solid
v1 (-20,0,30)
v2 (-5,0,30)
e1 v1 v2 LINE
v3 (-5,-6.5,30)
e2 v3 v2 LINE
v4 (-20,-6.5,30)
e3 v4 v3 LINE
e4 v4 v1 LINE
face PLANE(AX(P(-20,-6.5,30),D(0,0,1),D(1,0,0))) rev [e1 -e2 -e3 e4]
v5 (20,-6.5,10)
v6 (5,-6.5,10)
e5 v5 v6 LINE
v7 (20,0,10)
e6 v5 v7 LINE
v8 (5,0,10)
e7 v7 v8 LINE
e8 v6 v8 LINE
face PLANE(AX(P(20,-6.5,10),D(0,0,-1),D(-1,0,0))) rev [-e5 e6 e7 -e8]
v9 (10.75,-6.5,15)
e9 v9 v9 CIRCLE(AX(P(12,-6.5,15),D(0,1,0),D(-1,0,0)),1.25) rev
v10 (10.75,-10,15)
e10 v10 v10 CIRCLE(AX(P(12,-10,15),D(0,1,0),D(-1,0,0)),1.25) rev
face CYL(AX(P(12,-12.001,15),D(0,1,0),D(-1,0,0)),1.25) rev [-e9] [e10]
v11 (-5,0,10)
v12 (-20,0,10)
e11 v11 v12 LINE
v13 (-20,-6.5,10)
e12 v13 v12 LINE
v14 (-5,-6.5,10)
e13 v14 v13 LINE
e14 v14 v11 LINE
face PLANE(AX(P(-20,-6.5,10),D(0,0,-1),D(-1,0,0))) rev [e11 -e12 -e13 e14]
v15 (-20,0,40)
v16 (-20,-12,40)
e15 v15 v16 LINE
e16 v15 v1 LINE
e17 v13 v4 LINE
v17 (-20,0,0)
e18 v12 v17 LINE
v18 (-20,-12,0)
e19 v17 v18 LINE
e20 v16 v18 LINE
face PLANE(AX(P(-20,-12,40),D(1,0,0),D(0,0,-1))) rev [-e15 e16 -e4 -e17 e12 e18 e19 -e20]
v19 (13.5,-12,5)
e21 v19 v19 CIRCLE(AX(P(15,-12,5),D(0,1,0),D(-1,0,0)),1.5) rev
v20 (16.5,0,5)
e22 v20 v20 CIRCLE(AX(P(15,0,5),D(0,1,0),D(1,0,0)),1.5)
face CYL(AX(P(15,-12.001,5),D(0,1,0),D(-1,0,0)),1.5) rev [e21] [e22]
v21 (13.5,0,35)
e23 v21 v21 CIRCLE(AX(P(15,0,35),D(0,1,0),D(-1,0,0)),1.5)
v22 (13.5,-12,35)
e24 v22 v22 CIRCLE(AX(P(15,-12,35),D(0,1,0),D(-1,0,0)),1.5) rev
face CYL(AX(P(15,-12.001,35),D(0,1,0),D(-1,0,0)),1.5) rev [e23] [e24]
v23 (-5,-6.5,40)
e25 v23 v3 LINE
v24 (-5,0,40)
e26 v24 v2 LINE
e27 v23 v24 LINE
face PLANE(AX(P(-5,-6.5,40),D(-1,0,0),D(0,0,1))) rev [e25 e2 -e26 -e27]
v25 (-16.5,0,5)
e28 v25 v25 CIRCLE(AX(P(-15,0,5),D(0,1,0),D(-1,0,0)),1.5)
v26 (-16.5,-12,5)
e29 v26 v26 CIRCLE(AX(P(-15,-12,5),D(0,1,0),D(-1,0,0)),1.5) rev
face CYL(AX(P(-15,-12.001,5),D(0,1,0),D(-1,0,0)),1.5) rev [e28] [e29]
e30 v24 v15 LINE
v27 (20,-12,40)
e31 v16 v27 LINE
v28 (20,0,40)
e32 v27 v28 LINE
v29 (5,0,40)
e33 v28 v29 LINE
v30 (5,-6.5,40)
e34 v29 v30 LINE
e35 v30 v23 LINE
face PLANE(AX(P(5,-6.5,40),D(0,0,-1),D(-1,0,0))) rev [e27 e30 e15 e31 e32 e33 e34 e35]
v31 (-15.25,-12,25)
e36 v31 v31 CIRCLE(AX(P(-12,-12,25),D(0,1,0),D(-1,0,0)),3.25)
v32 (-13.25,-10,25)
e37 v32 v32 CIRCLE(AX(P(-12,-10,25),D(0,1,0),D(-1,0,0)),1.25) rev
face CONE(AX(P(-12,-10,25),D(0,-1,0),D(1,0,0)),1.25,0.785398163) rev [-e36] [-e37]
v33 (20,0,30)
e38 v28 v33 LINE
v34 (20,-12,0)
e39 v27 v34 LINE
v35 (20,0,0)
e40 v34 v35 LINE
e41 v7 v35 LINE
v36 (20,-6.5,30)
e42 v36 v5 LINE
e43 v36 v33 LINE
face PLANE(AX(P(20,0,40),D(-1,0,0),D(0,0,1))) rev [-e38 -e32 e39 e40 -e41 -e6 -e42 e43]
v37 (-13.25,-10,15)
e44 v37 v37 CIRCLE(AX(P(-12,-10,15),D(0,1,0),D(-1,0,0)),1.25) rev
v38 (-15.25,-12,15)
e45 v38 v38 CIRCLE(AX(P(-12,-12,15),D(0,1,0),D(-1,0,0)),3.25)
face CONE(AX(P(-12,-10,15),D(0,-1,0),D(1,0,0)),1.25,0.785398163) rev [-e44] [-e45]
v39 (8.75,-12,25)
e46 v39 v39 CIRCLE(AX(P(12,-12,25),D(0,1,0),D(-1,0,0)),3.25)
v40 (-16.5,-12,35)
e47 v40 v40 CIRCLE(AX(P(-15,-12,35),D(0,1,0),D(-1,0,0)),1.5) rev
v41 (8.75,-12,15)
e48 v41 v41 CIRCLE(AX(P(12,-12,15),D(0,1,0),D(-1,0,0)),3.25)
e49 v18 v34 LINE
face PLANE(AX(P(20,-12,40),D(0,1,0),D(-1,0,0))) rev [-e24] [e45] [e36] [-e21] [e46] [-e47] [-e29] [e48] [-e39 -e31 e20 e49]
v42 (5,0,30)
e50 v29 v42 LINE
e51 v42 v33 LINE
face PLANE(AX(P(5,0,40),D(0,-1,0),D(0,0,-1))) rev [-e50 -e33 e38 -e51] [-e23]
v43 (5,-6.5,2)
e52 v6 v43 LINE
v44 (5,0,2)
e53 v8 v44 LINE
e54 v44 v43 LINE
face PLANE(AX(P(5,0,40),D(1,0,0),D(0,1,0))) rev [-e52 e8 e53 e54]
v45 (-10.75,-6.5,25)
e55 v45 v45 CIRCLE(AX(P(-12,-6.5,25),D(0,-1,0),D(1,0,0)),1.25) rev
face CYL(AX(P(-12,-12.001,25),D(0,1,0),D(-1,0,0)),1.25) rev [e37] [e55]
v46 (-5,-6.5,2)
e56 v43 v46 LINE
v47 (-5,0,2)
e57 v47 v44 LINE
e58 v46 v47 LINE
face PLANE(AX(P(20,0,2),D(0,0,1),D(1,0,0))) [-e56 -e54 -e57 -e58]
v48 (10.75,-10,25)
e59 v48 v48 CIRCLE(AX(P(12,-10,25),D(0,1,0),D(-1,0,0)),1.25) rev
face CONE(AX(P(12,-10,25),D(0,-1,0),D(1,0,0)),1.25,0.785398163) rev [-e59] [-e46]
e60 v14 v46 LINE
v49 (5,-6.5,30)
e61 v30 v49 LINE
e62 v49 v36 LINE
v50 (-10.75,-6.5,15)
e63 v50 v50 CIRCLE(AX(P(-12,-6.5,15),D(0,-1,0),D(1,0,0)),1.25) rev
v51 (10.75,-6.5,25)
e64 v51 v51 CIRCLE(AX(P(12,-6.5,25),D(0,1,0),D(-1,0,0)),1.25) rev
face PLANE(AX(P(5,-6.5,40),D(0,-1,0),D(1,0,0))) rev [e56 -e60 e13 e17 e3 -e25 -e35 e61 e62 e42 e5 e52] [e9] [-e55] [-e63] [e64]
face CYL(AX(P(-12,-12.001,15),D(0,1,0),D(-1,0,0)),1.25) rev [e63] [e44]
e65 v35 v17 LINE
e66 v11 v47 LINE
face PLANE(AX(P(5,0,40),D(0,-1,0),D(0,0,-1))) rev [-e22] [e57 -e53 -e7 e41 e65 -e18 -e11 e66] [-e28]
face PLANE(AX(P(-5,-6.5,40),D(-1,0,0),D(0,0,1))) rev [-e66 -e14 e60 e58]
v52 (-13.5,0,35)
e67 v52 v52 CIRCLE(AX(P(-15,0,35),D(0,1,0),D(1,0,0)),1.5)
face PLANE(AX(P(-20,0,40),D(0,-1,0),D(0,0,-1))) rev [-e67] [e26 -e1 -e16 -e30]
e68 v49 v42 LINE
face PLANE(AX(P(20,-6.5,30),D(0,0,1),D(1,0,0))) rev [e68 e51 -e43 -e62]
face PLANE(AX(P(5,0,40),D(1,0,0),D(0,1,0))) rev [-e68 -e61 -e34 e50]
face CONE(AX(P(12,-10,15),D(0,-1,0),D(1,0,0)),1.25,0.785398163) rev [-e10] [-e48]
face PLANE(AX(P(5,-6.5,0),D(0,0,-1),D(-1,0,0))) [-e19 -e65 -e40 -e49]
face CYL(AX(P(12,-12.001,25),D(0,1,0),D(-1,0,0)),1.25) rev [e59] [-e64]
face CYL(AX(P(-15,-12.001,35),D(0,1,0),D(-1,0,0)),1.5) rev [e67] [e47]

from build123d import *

# Parameters (mm, degrees)
BOSS_EXTRU_1_DEPTH      = 40
ENL_V_MAT_EXTRU_1_REACH = 14
ESQUISSE2_R             = 1.5
ESQUISSE2_R_2           = 1.25
ESQUISSE3_W             = 15
ESQUISSE3_H             = 20
ENL_V_MAT_EXTRU_2_DEPTH = 6.5
ESQUISSE4_W             = 40
ESQUISSE4_H             = 12
BOSS_EXTRU_2_DEPTH      = 2
CHANFREIN1_SIZE         = 2


with BuildPart() as part:
    # Esquisse1 → Boss.-Extru.1 (new body)
    with BuildSketch(Plane.XY):
        Polygon((5, 0), (20, 0), (20, -12), (-20, -12), (-20, 0), (-5, 0), (-5, -6.5), (5, -6.5), align=None)
    extrude(amount=BOSS_EXTRU_1_DEPTH)

    # Esquisse2 → Enlèv. mat.-Extru.1 (cut, up to next)
    with BuildSketch(Plane(origin=(0, 0, 0), x_dir=(1, 0, 0), z_dir=(0, 1, 0)), mode=Mode.PRIVATE) as enl_v_mat_extru_1_sk1:
        with Locations((-15, -5)):
            Circle(ESQUISSE2_R)
    enl_v_mat_extru_1_tool1 = extrude(enl_v_mat_extru_1_sk1.sketch, amount=-ENL_V_MAT_EXTRU_1_REACH, mode=Mode.PRIVATE) & part.part
    add(enl_v_mat_extru_1_tool1.solids().sort_by_distance((-15, 0, 5))[0], mode=Mode.SUBTRACT)
    # Esquisse2 → Enlèv. mat.-Extru.1 (cut, up to next)
    with BuildSketch(Plane(origin=(0, 0, 0), x_dir=(1, 0, 0), z_dir=(0, 1, 0)), mode=Mode.PRIVATE) as enl_v_mat_extru_1_sk2:
        with Locations((-15, -35)):
            Circle(ESQUISSE2_R)
    enl_v_mat_extru_1_tool2 = extrude(enl_v_mat_extru_1_sk2.sketch, amount=-ENL_V_MAT_EXTRU_1_REACH, mode=Mode.PRIVATE) & part.part
    add(enl_v_mat_extru_1_tool2.solids().sort_by_distance((-15, 0, 35))[0], mode=Mode.SUBTRACT)
    # Esquisse2 → Enlèv. mat.-Extru.1 (cut, up to next)
    with BuildSketch(Plane(origin=(0, 0, 0), x_dir=(1, 0, 0), z_dir=(0, 1, 0)), mode=Mode.PRIVATE) as enl_v_mat_extru_1_sk3:
        with Locations((15, -35)):
            Circle(ESQUISSE2_R)
    enl_v_mat_extru_1_tool3 = extrude(enl_v_mat_extru_1_sk3.sketch, amount=-ENL_V_MAT_EXTRU_1_REACH, mode=Mode.PRIVATE) & part.part
    add(enl_v_mat_extru_1_tool3.solids().sort_by_distance((15, 0, 35))[0], mode=Mode.SUBTRACT)
    # Esquisse2 → Enlèv. mat.-Extru.1 (cut, up to next)
    with BuildSketch(Plane(origin=(0, 0, 0), x_dir=(1, 0, 0), z_dir=(0, 1, 0)), mode=Mode.PRIVATE) as enl_v_mat_extru_1_sk4:
        with Locations((15, -5)):
            Circle(ESQUISSE2_R)
    enl_v_mat_extru_1_tool4 = extrude(enl_v_mat_extru_1_sk4.sketch, amount=-ENL_V_MAT_EXTRU_1_REACH, mode=Mode.PRIVATE) & part.part
    add(enl_v_mat_extru_1_tool4.solids().sort_by_distance((15, 0, 5))[0], mode=Mode.SUBTRACT)
    # Esquisse2 → Enlèv. mat.-Extru.1 (cut, up to next)
    with BuildSketch(Plane(origin=(0, 0, 0), x_dir=(1, 0, 0), z_dir=(0, 1, 0)), mode=Mode.PRIVATE) as enl_v_mat_extru_1_sk5:
        with Locations((-12, -25)):
            Circle(ESQUISSE2_R_2)
    enl_v_mat_extru_1_tool5 = extrude(enl_v_mat_extru_1_sk5.sketch, amount=-ENL_V_MAT_EXTRU_1_REACH, mode=Mode.PRIVATE) & part.part
    add(enl_v_mat_extru_1_tool5.solids().sort_by_distance((-12, 0, 25))[0], mode=Mode.SUBTRACT)
    # Esquisse2 → Enlèv. mat.-Extru.1 (cut, up to next)
    with BuildSketch(Plane(origin=(0, 0, 0), x_dir=(1, 0, 0), z_dir=(0, 1, 0)), mode=Mode.PRIVATE) as enl_v_mat_extru_1_sk6:
        with Locations((-12, -15)):
            Circle(ESQUISSE2_R_2)
    enl_v_mat_extru_1_tool6 = extrude(enl_v_mat_extru_1_sk6.sketch, amount=-ENL_V_MAT_EXTRU_1_REACH, mode=Mode.PRIVATE) & part.part
    add(enl_v_mat_extru_1_tool6.solids().sort_by_distance((-12, 0, 15))[0], mode=Mode.SUBTRACT)
    # Esquisse2 → Enlèv. mat.-Extru.1 (cut, up to next)
    with BuildSketch(Plane(origin=(0, 0, 0), x_dir=(1, 0, 0), z_dir=(0, 1, 0)), mode=Mode.PRIVATE) as enl_v_mat_extru_1_sk7:
        with Locations((12, -25)):
            Circle(ESQUISSE2_R_2)
    enl_v_mat_extru_1_tool7 = extrude(enl_v_mat_extru_1_sk7.sketch, amount=-ENL_V_MAT_EXTRU_1_REACH, mode=Mode.PRIVATE) & part.part
    add(enl_v_mat_extru_1_tool7.solids().sort_by_distance((12, 0, 25))[0], mode=Mode.SUBTRACT)
    # Esquisse2 → Enlèv. mat.-Extru.1 (cut, up to next)
    with BuildSketch(Plane(origin=(0, 0, 0), x_dir=(1, 0, 0), z_dir=(0, 1, 0)), mode=Mode.PRIVATE) as enl_v_mat_extru_1_sk8:
        with Locations((12, -15)):
            Circle(ESQUISSE2_R_2)
    enl_v_mat_extru_1_tool8 = extrude(enl_v_mat_extru_1_sk8.sketch, amount=-ENL_V_MAT_EXTRU_1_REACH, mode=Mode.PRIVATE) & part.part
    add(enl_v_mat_extru_1_tool8.solids().sort_by_distance((12, 0, 15))[0], mode=Mode.SUBTRACT)

    # Esquisse3 → Enlèv. mat.-Extru.2 (cut)
    with BuildSketch(Plane(origin=(0, 0, 0), x_dir=(1, 0, 0), z_dir=(0, 1, 0))):
        with Locations((-12.5, -20)):
            Rectangle(ESQUISSE3_W, ESQUISSE3_H)
        with Locations((12.5, -20)):
            Rectangle(ESQUISSE3_W, ESQUISSE3_H)
    extrude(amount=-ENL_V_MAT_EXTRU_2_DEPTH, mode=Mode.SUBTRACT)

    # Esquisse4 → Boss.-Extru.2 (add)
    with BuildSketch(Plane(origin=(0, 0, 0), x_dir=(-1, 0, 0), z_dir=(0, 0, -1))):
        with Locations((0, -6)):
            Rectangle(ESQUISSE4_W, ESQUISSE4_H)
    extrude(amount=-BOSS_EXTRU_2_DEPTH)

    # Chanfrein1
    chanfrein1_edges = [part.edges().sort_by_distance(p)[0] for p in [
        (-13.25, -12, 25),
        (-13.25, -12, 15),
        (10.75, -12, 25),
        (10.75, -12, 15),
    ]]
    chamfer(chanfrein1_edges, length=CHANFREIN1_SIZE)


solid = part.part
